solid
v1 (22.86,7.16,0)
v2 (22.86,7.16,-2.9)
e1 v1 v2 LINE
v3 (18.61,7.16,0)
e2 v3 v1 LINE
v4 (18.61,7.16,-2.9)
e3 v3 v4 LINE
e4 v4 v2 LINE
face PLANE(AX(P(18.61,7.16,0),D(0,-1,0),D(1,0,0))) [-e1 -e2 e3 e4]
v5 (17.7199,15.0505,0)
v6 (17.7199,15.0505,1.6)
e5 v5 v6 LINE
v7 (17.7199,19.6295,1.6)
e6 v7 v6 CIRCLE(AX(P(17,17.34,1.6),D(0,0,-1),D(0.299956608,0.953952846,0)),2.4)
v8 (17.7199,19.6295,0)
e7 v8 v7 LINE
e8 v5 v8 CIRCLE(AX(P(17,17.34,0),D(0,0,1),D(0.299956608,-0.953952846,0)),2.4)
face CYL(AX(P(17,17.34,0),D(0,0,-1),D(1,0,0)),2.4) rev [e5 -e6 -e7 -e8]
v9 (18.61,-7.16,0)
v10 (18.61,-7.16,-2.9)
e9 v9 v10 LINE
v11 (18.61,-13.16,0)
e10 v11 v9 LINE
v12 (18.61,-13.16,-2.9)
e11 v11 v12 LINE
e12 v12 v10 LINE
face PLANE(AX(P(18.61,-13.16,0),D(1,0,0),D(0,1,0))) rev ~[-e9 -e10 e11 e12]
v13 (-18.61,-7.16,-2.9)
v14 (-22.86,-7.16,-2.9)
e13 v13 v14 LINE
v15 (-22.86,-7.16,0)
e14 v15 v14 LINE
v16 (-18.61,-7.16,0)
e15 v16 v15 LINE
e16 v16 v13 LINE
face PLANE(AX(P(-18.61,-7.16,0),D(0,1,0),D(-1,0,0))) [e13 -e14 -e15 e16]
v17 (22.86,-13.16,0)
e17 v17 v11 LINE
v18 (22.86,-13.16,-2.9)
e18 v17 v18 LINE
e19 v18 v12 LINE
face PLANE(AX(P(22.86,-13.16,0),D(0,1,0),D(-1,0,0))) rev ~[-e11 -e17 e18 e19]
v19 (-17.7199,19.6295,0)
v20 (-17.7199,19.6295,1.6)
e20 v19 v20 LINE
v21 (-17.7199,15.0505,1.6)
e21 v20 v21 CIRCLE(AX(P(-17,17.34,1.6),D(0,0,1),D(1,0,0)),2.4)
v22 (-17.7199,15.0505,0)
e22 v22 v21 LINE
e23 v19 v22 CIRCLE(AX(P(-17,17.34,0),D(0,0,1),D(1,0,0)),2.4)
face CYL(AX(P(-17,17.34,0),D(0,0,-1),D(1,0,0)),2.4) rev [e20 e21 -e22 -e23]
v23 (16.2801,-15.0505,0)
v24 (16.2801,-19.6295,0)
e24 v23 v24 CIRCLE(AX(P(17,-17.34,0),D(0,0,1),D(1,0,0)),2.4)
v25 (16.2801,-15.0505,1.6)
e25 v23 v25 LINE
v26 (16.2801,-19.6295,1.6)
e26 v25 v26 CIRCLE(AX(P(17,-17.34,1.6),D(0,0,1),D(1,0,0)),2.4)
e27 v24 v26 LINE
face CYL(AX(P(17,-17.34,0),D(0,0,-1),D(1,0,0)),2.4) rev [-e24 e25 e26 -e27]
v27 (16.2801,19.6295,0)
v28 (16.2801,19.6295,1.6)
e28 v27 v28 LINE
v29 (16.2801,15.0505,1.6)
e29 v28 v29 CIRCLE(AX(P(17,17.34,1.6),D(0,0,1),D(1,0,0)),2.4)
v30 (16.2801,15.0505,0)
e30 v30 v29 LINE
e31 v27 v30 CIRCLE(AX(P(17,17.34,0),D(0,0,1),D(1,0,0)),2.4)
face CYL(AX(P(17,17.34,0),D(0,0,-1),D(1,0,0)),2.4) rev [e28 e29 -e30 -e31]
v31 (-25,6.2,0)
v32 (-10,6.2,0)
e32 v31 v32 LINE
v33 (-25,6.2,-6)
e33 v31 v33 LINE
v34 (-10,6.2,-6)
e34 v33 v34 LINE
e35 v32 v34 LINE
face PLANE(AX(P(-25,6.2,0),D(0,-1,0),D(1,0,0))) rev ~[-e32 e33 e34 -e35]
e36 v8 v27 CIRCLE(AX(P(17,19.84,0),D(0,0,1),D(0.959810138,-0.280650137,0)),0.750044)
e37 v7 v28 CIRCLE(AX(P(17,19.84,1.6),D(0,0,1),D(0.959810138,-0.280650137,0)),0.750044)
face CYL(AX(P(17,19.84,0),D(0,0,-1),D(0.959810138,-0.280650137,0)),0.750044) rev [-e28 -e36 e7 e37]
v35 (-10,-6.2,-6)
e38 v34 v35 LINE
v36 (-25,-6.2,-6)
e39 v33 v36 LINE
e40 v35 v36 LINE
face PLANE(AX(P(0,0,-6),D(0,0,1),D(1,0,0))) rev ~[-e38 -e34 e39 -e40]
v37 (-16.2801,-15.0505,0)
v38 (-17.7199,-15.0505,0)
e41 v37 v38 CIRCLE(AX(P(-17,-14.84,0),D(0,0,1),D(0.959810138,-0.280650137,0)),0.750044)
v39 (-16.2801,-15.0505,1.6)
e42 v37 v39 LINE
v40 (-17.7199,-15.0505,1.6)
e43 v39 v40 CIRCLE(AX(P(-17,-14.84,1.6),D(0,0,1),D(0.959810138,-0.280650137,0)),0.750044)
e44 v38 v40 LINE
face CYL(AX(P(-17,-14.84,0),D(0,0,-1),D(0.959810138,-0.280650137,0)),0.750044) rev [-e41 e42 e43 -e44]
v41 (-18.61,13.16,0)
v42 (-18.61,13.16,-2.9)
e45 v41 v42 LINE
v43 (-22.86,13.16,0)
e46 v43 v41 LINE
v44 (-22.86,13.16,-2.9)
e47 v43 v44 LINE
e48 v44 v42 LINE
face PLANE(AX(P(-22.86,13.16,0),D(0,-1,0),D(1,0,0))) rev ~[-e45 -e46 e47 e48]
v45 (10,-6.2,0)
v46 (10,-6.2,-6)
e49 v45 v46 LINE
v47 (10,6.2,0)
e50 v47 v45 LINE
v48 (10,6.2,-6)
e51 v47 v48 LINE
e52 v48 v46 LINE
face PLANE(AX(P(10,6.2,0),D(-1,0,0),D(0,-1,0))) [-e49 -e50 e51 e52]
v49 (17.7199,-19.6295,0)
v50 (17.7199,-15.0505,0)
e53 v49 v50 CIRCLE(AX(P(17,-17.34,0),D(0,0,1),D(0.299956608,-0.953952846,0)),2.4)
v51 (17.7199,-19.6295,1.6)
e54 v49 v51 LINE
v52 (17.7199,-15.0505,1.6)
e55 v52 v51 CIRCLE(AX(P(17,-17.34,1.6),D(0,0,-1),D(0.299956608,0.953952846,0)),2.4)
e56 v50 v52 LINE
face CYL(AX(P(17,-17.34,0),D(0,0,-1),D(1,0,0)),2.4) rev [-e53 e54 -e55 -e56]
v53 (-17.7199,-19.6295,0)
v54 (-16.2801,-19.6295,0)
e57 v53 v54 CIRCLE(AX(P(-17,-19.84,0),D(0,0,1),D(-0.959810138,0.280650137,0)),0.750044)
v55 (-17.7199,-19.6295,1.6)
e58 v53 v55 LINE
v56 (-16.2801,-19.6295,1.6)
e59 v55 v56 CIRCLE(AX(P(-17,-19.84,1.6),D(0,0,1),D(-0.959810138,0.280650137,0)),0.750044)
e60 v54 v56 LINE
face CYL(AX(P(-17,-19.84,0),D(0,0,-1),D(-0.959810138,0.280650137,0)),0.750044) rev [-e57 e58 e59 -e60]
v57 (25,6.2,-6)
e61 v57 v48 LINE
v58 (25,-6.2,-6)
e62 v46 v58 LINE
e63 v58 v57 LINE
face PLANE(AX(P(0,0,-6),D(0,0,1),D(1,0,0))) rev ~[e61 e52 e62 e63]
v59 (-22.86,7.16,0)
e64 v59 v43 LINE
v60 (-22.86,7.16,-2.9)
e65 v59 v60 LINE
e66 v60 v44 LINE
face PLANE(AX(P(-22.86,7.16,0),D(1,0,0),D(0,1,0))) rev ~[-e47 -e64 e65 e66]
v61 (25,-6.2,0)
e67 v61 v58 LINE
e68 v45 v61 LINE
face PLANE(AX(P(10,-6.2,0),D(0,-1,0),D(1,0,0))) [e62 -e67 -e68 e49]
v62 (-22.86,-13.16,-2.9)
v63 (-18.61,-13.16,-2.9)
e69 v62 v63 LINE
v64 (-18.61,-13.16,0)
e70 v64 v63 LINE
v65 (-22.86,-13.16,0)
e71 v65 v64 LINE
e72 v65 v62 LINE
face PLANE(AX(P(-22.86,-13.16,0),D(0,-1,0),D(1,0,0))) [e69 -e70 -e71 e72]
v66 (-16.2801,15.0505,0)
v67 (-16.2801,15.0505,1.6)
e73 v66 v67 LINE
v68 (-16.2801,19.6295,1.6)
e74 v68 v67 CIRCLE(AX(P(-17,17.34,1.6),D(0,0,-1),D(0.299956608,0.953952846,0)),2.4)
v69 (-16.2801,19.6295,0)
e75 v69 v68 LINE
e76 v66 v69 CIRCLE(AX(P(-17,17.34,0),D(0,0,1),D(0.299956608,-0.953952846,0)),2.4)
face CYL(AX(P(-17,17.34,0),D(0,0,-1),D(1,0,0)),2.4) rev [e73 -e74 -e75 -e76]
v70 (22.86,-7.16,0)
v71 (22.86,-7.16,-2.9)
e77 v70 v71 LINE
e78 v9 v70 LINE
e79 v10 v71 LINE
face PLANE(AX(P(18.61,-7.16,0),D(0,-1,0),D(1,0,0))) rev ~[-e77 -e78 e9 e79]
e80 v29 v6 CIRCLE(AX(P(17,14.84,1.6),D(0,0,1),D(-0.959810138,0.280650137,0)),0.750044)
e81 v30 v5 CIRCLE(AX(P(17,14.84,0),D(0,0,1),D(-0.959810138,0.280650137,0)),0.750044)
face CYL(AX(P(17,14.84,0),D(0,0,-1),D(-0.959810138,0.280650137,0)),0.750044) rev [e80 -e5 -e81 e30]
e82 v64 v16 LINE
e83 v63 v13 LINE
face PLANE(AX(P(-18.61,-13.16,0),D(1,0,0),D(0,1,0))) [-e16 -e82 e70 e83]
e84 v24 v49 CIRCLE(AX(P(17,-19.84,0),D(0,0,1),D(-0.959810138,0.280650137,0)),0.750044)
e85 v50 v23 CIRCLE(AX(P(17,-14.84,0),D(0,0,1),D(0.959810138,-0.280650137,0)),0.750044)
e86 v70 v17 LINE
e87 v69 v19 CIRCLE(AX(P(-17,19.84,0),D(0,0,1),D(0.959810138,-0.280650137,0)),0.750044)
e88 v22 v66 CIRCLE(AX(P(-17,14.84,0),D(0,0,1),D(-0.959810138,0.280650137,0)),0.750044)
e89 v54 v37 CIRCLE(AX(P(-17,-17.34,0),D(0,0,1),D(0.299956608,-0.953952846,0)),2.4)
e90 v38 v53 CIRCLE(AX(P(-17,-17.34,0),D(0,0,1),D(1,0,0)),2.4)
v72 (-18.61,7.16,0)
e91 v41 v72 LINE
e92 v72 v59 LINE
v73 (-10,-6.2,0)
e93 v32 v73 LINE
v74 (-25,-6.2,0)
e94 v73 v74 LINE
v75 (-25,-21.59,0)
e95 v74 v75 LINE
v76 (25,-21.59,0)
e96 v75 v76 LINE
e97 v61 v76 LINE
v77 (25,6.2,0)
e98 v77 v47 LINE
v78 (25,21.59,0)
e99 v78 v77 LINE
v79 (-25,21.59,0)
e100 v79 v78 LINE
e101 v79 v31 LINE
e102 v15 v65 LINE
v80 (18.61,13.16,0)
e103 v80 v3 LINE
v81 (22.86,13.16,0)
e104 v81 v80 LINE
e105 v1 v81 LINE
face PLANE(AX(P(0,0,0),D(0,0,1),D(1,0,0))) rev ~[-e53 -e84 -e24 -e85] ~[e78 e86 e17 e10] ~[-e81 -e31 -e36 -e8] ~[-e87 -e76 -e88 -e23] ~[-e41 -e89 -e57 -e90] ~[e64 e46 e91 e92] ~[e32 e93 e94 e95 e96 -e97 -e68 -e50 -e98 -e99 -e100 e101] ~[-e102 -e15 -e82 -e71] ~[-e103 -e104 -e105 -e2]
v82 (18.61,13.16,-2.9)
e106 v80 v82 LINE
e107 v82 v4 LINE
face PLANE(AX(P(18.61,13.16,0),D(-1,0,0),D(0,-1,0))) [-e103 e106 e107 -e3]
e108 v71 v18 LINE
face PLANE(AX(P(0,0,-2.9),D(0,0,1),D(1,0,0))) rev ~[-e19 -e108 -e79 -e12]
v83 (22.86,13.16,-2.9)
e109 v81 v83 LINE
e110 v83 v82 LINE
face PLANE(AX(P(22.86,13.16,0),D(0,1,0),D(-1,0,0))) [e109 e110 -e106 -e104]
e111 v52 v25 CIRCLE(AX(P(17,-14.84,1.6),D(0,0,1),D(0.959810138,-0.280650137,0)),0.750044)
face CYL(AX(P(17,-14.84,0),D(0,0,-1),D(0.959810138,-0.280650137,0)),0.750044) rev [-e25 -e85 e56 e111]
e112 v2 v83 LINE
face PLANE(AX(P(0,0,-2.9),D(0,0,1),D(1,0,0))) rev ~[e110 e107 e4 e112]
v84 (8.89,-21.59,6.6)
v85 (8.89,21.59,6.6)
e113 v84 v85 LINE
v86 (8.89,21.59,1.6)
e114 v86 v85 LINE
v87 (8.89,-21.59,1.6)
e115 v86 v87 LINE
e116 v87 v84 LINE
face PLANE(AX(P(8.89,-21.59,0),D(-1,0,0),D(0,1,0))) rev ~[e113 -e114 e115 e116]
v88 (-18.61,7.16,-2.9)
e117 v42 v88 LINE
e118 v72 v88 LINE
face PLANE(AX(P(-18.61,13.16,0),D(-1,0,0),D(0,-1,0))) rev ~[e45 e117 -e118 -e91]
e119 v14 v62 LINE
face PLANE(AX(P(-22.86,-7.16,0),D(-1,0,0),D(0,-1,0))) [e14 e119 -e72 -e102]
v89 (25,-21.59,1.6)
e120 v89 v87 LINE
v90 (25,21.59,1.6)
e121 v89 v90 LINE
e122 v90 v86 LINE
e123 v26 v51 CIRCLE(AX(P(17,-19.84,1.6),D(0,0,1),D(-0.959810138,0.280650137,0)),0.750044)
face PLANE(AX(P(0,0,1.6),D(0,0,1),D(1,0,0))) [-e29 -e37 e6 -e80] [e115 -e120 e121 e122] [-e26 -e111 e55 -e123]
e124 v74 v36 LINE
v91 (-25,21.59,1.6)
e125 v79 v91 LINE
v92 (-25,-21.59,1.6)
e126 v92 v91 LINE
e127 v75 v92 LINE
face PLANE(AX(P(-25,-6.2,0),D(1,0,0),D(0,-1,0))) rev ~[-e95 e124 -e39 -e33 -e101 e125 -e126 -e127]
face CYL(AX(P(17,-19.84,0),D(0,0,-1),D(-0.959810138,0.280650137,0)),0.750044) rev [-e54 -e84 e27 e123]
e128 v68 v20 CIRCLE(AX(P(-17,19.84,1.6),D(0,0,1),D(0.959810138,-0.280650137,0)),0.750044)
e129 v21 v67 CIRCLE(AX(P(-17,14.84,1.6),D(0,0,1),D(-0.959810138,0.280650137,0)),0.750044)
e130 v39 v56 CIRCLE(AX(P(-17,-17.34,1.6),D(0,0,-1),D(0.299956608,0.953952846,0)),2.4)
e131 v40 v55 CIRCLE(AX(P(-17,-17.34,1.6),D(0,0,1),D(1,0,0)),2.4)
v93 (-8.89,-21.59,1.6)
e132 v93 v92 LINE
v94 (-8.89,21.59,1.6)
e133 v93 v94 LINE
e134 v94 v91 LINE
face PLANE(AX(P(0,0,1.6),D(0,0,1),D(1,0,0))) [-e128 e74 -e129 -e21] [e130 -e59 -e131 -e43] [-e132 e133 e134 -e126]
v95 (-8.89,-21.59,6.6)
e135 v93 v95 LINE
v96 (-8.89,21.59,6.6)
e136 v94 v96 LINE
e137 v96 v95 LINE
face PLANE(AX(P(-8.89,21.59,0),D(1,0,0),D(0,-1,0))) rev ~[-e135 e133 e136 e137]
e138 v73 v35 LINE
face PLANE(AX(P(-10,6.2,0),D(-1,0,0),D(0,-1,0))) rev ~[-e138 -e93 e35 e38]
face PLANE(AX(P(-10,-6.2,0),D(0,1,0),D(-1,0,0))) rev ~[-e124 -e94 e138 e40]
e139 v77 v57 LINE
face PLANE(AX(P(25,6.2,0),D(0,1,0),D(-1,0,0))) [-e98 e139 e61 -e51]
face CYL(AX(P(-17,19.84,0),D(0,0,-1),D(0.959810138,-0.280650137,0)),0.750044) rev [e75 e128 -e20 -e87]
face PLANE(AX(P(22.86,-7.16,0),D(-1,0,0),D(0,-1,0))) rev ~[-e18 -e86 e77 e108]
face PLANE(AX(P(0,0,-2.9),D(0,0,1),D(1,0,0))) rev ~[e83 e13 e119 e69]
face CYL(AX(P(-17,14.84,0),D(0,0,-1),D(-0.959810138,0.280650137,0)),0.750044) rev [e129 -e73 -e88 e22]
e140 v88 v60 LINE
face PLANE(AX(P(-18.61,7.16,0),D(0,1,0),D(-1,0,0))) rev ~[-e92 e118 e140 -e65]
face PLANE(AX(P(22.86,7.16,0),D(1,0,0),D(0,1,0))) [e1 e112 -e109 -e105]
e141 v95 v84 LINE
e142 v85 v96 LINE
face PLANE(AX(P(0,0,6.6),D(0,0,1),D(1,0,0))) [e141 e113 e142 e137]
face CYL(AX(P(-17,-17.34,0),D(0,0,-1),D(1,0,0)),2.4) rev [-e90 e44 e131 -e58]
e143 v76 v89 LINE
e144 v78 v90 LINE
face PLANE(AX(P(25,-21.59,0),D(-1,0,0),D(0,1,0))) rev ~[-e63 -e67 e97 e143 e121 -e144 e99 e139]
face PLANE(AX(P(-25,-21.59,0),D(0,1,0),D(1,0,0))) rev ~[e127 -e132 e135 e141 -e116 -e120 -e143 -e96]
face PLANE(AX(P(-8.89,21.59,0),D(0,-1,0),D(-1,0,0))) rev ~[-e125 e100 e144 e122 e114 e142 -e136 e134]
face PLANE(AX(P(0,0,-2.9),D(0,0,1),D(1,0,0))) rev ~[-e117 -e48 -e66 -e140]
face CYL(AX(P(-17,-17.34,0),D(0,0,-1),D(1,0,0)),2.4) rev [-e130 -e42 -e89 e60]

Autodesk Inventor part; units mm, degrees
ref_plane "YZ Plane" through (0, 0, 0) normal (1, 0, 0) x (0, 1, 0)
ref_plane "XZ Plane" through (0, 0, 0) normal (0, 1, 0) x (-1, 0, 0)
ref_plane "XY Plane" through (0, 0, 0) normal (0, 0, 1) x (1, 0, 0)
sketch "スケッチ1" plane through (0, 0, 0) normal (0, 0, 1) x (1, 0, 0)
  line L0 (-25, -21.59) -> (25, -21.59)
  line L1 (25, -21.59) -> (25, 21.59)
  line L2 (25, 21.59) -> (-25, 21.59)
  line L3 (-25, 21.59) -> (-25, -21.59)
  line L4 (-25, -21.59) -> (25, 21.59) construction
  line L5 (25, -21.59) -> (-25, 21.59) construction
  line L6 (-17, -17.34) -> (17, -17.34) construction
  line L7 (17, -17.34) -> (17, 17.34) construction
  line L8 (17, 17.34) -> (-17, 17.34) construction
  line L9 (-17, 17.34) -> (-17, -17.34) construction
  line L10 (-17, -17.34) -> (17, 17.34) construction
  line L11 (17, -17.34) -> (-17, 17.34) construction
  line L12 (-25, 6.2) -> (-10, 6.2)
  line L13 (-10, 6.2) -> (-10, -6.2)
  line L14 (-10, -6.2) -> (-25, -6.2)
  line L15 (-25, 0) -> (25, 0) construction
  line L16 (0, -21.59) -> (0, 21.59) construction
  line L17 (25, 6.2) -> (10, 6.2)
  line L18 (10, 6.2) -> (10, -6.2)
  line L19 (10, -6.2) -> (25, -6.2)
  line L20 (-8.89, -21.59) -> (8.89, -21.59)
  line L21 (8.89, -21.59) -> (8.89, 21.59)
  line L22 (8.89, 21.59) -> (-8.89, 21.59)
  line L23 (-8.89, 21.59) -> (-8.89, -21.59)
  line L24 (-8.89, -21.59) -> (8.89, 21.59) construction
  line L25 (8.89, -21.59) -> (-8.89, 21.59) construction
  circle A0 centre (17, 17.34) radius 2.4
  arc A1 (16.2801, 15.0505) -> (17.7199, 15.0505) centre (17, 14.84) ccw
  arc A2 (17.7199, 19.6295) -> (16.2801, 19.6295) centre (17, 19.84) ccw
  circle A3 centre (-17, 17.34) radius 2.4
  arc A4 (-16.2801, 19.6295) -> (-17.7199, 19.6295) centre (-17, 19.84) ccw
  arc A5 (-17.7199, 15.0505) -> (-16.2801, 15.0505) centre (-17, 14.84) ccw
  circle A6 centre (17, -17.34) radius 2.4
  arc A7 (16.2801, -19.6295) -> (17.7199, -19.6295) centre (17, -19.84) ccw
  arc A8 (17.7199, -15.0505) -> (16.2801, -15.0505) centre (17, -14.84) ccw
  circle A9 centre (-17, -17.34) radius 2.4
  arc A10 (-16.2801, -15.0505) -> (-17.7199, -15.0505) centre (-17, -14.84) ccw
  arc A11 (-17.7199, -19.6295) -> (-16.2801, -19.6295) centre (-17, -19.84) ccw
  line L26 (-22.86, -13.16) -> (-18.61, -13.16)
  line L27 (-18.61, -13.16) -> (-18.61, -7.16)
  line L28 (-18.61, -7.16) -> (-22.86, -7.16)
  line L29 (-22.86, -7.16) -> (-22.86, -13.16)
  line L30 (-22.86, -13.16) -> (-18.61, -7.16) construction
  line L31 (-18.61, -13.16) -> (-22.86, -7.16) construction
  line L32 (-22.86, 13.16) -> (-18.61, 13.16)
  line L33 (-18.61, 13.16) -> (-18.61, 7.16)
  line L34 (-18.61, 7.16) -> (-22.86, 7.16)
  line L35 (-22.86, 7.16) -> (-22.86, 13.16)
  line L36 (22.86, -13.16) -> (18.61, -13.16)
  line L37 (18.61, -13.16) -> (18.61, -7.16)
  line L38 (18.61, -7.16) -> (22.86, -7.16)
  line L39 (22.86, -7.16) -> (22.86, -13.16)
  line L40 (18.61, 13.16) -> (18.61, 7.16)
  line L41 (22.86, 13.16) -> (18.61, 13.16)
  line L42 (22.86, 7.16) -> (22.86, 13.16)
  line L43 (18.61, 7.16) -> (22.86, 7.16)
  point P0 (0, 0)
  point P1 (-10, 0)
  point P2 (25, 6.2)
  point P3 (25, -6.2)
  point P4 (0, 0)
  point P5 (0, 0)
  point P6 (0, 0)
  point P7 (17, 20.59)
  point P8 (17, 14.09)
  point P9 (-20.735, -10.16)
  point P10 (-22.86, -10.16)
  dimension "d0" = 50
  dimension "d1" = 43.18
  dimension "d2" = 34
  dimension "d3" = 34.68
  dimension "d8" = 15
  dimension "d9" = 12.4
  dimension "d17" = 17.78
  dimension "d18" = 43.18
  dimension "d25" = 16
  dimension "d26" = 4.8
  dimension "d27" = 6.5
  dimension "d28" = 1.5
  dimension "d29" = 1
  dimension "d30" = 8.5
  dimension "d31" = 16
  dimension "d32" = 4.25
  dimension "d33" = 6
  dimension "d34" = 10.16
  dimension "d35" = 22.86
extrude "押し出し1" add sketch "スケッチ1" along normal blind 1.6 contours L3 L14 L13 L12 L2 L23 L0 | L23 L2 L21 L0 | L3 L12 L13 L14 | L21 L2 L1 L17 L18 L19 L0 | L19 L18 L17 L1 | L29 L28 L27 L26 | L32 L33 L34 L35 | L36 L37 L38 L39 | L41 L42 L43 L40
extrude "押し出し2" add sketch "スケッチ1" against normal blind 6 contours L3 L12 L13 L14 | L19 L18 L17 L1
extrude "押し出し3" add sketch "スケッチ1" along normal blind 6.6 contours L23 L2 L21 L0
extrude "Extrusion4" add sketch "スケッチ1" against normal blind 2.9 contours L29 L28 L27 L26 | L32 L33 L34 L35 | L36 L37 L38 L39 | L41 L42 L43 L40
properties part number "SUSTAINA-STRAINGAUGE-SENSING-BOARD" material "Acetal Resin, Black"
